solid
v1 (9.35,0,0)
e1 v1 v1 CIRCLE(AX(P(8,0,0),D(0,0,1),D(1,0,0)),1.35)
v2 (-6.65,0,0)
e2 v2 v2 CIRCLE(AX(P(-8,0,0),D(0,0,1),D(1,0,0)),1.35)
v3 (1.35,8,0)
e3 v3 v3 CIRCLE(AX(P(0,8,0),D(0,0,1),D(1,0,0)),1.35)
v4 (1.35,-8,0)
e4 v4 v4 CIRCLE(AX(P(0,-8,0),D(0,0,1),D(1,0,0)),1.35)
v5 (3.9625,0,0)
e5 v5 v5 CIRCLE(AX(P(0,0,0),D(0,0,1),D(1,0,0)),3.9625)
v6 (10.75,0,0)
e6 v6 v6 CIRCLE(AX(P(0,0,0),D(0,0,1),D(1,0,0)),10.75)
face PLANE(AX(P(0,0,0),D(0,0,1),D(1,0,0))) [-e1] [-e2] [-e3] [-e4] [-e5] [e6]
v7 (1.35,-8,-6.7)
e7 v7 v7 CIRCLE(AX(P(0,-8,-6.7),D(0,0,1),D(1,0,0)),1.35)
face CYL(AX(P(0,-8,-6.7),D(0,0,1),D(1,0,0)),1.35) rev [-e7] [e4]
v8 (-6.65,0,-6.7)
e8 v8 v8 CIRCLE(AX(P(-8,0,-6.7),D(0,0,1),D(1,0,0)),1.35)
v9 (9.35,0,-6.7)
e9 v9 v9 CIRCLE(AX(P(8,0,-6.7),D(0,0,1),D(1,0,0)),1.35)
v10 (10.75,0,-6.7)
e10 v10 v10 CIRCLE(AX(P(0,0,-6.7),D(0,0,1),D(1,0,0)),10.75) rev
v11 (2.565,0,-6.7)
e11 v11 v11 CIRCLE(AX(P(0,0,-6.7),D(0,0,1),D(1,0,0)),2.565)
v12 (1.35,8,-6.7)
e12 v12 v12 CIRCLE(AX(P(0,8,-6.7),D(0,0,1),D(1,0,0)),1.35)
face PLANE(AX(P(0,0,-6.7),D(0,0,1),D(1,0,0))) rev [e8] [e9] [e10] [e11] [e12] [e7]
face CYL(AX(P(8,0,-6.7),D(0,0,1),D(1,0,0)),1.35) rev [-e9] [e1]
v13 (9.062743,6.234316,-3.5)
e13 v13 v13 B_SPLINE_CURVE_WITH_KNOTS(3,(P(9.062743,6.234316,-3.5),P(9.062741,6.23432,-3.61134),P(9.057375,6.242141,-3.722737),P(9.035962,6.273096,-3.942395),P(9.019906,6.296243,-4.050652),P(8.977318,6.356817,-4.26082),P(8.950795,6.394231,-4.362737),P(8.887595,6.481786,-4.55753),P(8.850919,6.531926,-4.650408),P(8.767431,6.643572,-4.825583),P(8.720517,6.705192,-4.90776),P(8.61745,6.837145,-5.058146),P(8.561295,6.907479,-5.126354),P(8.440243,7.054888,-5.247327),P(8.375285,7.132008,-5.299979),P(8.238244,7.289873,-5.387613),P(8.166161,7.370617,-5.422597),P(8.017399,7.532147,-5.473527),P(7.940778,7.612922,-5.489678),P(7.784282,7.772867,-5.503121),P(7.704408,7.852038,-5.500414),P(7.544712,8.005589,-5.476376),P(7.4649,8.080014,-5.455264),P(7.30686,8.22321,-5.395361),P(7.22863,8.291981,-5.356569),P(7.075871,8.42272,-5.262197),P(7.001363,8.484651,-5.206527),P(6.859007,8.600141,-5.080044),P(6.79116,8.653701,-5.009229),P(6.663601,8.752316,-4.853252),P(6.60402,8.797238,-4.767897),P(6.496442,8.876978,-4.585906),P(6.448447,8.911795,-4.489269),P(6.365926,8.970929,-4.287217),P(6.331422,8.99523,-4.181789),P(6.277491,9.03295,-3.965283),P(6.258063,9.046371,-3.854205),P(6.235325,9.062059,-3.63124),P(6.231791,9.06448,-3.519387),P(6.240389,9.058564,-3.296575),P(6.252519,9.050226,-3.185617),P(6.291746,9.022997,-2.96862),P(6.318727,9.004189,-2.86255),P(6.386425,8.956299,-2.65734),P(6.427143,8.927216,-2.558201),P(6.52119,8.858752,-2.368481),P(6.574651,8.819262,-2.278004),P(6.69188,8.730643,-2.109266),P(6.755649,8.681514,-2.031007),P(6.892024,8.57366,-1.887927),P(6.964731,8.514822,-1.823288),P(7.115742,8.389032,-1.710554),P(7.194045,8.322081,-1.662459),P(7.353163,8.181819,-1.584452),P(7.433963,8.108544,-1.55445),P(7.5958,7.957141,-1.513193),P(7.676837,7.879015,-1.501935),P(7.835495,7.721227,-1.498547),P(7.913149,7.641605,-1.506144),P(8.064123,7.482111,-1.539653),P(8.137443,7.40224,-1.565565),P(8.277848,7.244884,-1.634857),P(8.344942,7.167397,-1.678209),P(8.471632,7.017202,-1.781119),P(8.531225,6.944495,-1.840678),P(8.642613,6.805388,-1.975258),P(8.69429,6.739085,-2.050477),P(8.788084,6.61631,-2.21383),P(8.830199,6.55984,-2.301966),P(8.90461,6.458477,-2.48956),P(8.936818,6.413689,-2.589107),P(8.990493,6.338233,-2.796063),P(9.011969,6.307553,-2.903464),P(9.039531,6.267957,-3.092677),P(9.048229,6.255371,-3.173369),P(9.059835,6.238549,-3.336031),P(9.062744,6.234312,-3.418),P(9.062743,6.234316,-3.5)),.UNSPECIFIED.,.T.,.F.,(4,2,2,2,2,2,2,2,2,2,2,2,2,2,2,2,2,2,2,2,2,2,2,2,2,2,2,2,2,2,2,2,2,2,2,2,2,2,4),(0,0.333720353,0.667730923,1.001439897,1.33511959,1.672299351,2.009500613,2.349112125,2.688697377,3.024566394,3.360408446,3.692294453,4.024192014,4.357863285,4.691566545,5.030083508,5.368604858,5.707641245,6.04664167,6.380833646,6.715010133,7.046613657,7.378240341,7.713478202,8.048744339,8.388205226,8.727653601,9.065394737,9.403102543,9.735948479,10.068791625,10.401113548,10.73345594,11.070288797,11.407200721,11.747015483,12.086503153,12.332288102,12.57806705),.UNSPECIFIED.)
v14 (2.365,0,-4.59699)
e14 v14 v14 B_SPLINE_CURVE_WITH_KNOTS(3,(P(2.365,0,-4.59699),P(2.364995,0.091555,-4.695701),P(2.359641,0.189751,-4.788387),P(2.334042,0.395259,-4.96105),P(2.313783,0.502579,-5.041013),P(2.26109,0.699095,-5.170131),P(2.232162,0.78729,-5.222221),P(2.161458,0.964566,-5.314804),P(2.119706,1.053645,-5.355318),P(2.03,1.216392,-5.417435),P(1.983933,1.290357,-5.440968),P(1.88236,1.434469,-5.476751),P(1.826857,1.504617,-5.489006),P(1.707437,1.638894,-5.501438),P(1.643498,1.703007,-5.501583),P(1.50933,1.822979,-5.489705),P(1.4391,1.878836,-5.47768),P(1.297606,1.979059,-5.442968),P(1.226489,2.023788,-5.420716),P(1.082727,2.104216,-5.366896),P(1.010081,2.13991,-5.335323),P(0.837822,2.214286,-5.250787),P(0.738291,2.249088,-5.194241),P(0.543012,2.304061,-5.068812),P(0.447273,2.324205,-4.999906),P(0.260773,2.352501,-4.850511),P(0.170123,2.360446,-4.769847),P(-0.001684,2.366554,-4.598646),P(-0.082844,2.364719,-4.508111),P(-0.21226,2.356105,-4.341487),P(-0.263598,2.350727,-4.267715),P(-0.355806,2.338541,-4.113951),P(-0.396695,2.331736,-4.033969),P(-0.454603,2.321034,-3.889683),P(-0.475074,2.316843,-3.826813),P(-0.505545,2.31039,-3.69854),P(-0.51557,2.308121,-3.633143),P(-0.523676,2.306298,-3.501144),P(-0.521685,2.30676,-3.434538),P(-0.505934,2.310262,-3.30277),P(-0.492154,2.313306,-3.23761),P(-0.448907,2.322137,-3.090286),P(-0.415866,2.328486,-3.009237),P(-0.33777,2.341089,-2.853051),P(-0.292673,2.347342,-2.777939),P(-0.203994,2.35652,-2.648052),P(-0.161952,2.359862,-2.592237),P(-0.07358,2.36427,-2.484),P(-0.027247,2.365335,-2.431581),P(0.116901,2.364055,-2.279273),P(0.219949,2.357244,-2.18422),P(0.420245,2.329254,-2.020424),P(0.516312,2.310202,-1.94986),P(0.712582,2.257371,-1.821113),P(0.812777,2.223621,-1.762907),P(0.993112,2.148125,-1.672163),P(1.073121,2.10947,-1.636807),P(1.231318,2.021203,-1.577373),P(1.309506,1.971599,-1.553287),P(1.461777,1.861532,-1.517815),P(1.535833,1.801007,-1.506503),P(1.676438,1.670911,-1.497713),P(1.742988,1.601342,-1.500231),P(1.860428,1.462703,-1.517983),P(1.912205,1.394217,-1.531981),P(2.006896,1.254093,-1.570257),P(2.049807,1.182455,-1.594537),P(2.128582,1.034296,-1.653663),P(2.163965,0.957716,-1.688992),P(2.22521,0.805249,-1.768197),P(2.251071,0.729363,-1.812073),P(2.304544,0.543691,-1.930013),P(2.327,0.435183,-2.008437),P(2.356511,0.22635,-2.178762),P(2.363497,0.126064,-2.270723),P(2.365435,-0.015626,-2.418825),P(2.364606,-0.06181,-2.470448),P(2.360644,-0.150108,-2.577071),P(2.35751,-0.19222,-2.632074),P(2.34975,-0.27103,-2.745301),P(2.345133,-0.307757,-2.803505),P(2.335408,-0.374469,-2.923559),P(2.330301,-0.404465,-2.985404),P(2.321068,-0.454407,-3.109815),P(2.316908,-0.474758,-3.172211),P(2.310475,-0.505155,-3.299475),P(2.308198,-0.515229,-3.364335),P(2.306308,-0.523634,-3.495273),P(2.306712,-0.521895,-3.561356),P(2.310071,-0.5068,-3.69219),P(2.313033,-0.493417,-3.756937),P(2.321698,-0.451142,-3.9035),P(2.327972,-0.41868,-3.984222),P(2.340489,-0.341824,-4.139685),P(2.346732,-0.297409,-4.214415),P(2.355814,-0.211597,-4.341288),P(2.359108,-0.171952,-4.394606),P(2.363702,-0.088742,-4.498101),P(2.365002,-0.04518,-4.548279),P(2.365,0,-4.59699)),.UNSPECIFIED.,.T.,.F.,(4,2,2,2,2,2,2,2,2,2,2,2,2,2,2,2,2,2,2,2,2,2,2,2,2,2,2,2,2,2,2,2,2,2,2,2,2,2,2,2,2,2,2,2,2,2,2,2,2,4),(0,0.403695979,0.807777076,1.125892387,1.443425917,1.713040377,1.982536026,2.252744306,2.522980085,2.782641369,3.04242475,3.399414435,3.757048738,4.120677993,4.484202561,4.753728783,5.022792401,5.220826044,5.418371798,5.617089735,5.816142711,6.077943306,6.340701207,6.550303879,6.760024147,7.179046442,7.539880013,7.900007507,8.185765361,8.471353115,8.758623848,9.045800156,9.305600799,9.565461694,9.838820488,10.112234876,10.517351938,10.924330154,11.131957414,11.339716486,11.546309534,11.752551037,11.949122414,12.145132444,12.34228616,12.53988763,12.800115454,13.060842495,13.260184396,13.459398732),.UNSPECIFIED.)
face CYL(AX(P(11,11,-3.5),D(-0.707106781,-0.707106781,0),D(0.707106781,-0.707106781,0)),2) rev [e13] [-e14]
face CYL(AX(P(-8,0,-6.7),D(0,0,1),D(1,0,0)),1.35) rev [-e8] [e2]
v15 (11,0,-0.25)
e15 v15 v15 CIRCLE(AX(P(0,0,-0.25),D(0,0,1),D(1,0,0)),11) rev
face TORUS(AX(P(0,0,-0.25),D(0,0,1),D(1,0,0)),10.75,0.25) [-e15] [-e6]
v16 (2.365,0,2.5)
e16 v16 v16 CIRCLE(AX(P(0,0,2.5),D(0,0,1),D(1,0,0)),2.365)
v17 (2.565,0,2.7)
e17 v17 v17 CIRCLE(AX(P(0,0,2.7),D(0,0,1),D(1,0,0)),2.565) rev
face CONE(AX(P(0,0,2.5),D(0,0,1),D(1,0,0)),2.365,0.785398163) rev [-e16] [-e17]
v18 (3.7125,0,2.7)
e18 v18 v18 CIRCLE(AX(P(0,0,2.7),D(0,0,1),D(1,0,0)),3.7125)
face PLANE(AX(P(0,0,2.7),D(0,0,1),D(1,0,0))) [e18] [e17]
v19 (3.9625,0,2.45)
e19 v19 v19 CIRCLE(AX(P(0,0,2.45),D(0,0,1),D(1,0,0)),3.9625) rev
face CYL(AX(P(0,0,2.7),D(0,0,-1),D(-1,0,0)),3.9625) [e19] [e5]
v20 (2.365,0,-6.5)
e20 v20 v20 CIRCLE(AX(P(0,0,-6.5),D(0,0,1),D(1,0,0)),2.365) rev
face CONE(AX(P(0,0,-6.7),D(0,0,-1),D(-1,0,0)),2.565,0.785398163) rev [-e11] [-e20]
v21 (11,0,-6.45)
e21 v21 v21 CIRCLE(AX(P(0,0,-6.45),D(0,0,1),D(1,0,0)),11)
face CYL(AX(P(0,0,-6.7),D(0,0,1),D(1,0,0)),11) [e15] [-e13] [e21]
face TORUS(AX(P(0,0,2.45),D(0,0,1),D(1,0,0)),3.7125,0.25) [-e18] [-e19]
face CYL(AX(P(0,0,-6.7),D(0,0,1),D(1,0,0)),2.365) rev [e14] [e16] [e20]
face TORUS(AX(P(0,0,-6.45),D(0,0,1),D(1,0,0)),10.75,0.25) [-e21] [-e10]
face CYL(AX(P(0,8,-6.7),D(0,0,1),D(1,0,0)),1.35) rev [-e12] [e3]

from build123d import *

# Parameters (mm, degrees)
SKETCH1_R           = 11
BOSS_EXTRUDE1_DEPTH = 6.7
SKETCH2_R           = 3.9625
BOSS_EXTRUDE2_DEPTH = 2.7
SKETCH3_R           = 2.365
CUT_EXTRUDE1_DEPTH  = 10.4
SKETCH4_R           = 1.35
CUT_EXTRUDE2_DEPTH  = 7.7
SKETCH6_R           = 2
CUT_EXTRUDE3_DEPTH  = 16.556349186
CHAMFER1_SIZE       = 0.2
FILLET1_R           = 0.25


with BuildPart() as part:
    # Sketch1 → Boss-Extrude1 (new body)
    with BuildSketch(Plane.XY):
        Circle(SKETCH1_R)
    extrude(amount=-BOSS_EXTRUDE1_DEPTH)

    # Sketch2 → Boss-Extrude2 (add)
    with BuildSketch(Plane.XY):
        Circle(SKETCH2_R)
    extrude(amount=BOSS_EXTRUDE2_DEPTH)

    # Sketch3 → Cut-Extrude1 (cut, through all)
    with BuildSketch(Plane.XY.offset(2.7)):
        Circle(SKETCH3_R)
    extrude(amount=-CUT_EXTRUDE1_DEPTH, mode=Mode.SUBTRACT)

    # Sketch4 → Cut-Extrude2 (cut, through all)
    with BuildSketch(Plane.XY):
        with Locations((0, 8)):
            Circle(SKETCH4_R)
        with Locations((8, 0)):
            Circle(SKETCH4_R)
        with Locations((0, -8)):
            Circle(SKETCH4_R)
        with Locations((-8, 0)):
            Circle(SKETCH4_R)
    extrude(amount=-CUT_EXTRUDE2_DEPTH, mode=Mode.SUBTRACT)

    # Sketch6 → Cut-Extrude3 (cut, through all)
    with BuildSketch(Plane(origin=(0, 0, 0), x_dir=(0, 0, 1), z_dir=(-0.707106781, -0.707106781, 0))):
        with Locations((-3.5, 0)):
            Circle(SKETCH6_R)
    extrude(amount=-CUT_EXTRUDE3_DEPTH, mode=Mode.SUBTRACT)

    # Chamfer1
    chamfer1_edges = [part.edges().sort_by_distance(p)[0] for p in [
        (-2.365, 0, -6.7),
        (-2.365, 0, 2.7),
    ]]
    chamfer(chamfer1_edges, length=CHAMFER1_SIZE)

    # Fillet1
    fillet1_edges = [part.edges().sort_by_distance(p)[0] for p in [
        (-11, 0, 0),
        (-11, 0, -6.7),
        (-3.9625, 0, 2.7),
    ]]
    fillet(fillet1_edges, radius=FILLET1_R)


solid = part.part
